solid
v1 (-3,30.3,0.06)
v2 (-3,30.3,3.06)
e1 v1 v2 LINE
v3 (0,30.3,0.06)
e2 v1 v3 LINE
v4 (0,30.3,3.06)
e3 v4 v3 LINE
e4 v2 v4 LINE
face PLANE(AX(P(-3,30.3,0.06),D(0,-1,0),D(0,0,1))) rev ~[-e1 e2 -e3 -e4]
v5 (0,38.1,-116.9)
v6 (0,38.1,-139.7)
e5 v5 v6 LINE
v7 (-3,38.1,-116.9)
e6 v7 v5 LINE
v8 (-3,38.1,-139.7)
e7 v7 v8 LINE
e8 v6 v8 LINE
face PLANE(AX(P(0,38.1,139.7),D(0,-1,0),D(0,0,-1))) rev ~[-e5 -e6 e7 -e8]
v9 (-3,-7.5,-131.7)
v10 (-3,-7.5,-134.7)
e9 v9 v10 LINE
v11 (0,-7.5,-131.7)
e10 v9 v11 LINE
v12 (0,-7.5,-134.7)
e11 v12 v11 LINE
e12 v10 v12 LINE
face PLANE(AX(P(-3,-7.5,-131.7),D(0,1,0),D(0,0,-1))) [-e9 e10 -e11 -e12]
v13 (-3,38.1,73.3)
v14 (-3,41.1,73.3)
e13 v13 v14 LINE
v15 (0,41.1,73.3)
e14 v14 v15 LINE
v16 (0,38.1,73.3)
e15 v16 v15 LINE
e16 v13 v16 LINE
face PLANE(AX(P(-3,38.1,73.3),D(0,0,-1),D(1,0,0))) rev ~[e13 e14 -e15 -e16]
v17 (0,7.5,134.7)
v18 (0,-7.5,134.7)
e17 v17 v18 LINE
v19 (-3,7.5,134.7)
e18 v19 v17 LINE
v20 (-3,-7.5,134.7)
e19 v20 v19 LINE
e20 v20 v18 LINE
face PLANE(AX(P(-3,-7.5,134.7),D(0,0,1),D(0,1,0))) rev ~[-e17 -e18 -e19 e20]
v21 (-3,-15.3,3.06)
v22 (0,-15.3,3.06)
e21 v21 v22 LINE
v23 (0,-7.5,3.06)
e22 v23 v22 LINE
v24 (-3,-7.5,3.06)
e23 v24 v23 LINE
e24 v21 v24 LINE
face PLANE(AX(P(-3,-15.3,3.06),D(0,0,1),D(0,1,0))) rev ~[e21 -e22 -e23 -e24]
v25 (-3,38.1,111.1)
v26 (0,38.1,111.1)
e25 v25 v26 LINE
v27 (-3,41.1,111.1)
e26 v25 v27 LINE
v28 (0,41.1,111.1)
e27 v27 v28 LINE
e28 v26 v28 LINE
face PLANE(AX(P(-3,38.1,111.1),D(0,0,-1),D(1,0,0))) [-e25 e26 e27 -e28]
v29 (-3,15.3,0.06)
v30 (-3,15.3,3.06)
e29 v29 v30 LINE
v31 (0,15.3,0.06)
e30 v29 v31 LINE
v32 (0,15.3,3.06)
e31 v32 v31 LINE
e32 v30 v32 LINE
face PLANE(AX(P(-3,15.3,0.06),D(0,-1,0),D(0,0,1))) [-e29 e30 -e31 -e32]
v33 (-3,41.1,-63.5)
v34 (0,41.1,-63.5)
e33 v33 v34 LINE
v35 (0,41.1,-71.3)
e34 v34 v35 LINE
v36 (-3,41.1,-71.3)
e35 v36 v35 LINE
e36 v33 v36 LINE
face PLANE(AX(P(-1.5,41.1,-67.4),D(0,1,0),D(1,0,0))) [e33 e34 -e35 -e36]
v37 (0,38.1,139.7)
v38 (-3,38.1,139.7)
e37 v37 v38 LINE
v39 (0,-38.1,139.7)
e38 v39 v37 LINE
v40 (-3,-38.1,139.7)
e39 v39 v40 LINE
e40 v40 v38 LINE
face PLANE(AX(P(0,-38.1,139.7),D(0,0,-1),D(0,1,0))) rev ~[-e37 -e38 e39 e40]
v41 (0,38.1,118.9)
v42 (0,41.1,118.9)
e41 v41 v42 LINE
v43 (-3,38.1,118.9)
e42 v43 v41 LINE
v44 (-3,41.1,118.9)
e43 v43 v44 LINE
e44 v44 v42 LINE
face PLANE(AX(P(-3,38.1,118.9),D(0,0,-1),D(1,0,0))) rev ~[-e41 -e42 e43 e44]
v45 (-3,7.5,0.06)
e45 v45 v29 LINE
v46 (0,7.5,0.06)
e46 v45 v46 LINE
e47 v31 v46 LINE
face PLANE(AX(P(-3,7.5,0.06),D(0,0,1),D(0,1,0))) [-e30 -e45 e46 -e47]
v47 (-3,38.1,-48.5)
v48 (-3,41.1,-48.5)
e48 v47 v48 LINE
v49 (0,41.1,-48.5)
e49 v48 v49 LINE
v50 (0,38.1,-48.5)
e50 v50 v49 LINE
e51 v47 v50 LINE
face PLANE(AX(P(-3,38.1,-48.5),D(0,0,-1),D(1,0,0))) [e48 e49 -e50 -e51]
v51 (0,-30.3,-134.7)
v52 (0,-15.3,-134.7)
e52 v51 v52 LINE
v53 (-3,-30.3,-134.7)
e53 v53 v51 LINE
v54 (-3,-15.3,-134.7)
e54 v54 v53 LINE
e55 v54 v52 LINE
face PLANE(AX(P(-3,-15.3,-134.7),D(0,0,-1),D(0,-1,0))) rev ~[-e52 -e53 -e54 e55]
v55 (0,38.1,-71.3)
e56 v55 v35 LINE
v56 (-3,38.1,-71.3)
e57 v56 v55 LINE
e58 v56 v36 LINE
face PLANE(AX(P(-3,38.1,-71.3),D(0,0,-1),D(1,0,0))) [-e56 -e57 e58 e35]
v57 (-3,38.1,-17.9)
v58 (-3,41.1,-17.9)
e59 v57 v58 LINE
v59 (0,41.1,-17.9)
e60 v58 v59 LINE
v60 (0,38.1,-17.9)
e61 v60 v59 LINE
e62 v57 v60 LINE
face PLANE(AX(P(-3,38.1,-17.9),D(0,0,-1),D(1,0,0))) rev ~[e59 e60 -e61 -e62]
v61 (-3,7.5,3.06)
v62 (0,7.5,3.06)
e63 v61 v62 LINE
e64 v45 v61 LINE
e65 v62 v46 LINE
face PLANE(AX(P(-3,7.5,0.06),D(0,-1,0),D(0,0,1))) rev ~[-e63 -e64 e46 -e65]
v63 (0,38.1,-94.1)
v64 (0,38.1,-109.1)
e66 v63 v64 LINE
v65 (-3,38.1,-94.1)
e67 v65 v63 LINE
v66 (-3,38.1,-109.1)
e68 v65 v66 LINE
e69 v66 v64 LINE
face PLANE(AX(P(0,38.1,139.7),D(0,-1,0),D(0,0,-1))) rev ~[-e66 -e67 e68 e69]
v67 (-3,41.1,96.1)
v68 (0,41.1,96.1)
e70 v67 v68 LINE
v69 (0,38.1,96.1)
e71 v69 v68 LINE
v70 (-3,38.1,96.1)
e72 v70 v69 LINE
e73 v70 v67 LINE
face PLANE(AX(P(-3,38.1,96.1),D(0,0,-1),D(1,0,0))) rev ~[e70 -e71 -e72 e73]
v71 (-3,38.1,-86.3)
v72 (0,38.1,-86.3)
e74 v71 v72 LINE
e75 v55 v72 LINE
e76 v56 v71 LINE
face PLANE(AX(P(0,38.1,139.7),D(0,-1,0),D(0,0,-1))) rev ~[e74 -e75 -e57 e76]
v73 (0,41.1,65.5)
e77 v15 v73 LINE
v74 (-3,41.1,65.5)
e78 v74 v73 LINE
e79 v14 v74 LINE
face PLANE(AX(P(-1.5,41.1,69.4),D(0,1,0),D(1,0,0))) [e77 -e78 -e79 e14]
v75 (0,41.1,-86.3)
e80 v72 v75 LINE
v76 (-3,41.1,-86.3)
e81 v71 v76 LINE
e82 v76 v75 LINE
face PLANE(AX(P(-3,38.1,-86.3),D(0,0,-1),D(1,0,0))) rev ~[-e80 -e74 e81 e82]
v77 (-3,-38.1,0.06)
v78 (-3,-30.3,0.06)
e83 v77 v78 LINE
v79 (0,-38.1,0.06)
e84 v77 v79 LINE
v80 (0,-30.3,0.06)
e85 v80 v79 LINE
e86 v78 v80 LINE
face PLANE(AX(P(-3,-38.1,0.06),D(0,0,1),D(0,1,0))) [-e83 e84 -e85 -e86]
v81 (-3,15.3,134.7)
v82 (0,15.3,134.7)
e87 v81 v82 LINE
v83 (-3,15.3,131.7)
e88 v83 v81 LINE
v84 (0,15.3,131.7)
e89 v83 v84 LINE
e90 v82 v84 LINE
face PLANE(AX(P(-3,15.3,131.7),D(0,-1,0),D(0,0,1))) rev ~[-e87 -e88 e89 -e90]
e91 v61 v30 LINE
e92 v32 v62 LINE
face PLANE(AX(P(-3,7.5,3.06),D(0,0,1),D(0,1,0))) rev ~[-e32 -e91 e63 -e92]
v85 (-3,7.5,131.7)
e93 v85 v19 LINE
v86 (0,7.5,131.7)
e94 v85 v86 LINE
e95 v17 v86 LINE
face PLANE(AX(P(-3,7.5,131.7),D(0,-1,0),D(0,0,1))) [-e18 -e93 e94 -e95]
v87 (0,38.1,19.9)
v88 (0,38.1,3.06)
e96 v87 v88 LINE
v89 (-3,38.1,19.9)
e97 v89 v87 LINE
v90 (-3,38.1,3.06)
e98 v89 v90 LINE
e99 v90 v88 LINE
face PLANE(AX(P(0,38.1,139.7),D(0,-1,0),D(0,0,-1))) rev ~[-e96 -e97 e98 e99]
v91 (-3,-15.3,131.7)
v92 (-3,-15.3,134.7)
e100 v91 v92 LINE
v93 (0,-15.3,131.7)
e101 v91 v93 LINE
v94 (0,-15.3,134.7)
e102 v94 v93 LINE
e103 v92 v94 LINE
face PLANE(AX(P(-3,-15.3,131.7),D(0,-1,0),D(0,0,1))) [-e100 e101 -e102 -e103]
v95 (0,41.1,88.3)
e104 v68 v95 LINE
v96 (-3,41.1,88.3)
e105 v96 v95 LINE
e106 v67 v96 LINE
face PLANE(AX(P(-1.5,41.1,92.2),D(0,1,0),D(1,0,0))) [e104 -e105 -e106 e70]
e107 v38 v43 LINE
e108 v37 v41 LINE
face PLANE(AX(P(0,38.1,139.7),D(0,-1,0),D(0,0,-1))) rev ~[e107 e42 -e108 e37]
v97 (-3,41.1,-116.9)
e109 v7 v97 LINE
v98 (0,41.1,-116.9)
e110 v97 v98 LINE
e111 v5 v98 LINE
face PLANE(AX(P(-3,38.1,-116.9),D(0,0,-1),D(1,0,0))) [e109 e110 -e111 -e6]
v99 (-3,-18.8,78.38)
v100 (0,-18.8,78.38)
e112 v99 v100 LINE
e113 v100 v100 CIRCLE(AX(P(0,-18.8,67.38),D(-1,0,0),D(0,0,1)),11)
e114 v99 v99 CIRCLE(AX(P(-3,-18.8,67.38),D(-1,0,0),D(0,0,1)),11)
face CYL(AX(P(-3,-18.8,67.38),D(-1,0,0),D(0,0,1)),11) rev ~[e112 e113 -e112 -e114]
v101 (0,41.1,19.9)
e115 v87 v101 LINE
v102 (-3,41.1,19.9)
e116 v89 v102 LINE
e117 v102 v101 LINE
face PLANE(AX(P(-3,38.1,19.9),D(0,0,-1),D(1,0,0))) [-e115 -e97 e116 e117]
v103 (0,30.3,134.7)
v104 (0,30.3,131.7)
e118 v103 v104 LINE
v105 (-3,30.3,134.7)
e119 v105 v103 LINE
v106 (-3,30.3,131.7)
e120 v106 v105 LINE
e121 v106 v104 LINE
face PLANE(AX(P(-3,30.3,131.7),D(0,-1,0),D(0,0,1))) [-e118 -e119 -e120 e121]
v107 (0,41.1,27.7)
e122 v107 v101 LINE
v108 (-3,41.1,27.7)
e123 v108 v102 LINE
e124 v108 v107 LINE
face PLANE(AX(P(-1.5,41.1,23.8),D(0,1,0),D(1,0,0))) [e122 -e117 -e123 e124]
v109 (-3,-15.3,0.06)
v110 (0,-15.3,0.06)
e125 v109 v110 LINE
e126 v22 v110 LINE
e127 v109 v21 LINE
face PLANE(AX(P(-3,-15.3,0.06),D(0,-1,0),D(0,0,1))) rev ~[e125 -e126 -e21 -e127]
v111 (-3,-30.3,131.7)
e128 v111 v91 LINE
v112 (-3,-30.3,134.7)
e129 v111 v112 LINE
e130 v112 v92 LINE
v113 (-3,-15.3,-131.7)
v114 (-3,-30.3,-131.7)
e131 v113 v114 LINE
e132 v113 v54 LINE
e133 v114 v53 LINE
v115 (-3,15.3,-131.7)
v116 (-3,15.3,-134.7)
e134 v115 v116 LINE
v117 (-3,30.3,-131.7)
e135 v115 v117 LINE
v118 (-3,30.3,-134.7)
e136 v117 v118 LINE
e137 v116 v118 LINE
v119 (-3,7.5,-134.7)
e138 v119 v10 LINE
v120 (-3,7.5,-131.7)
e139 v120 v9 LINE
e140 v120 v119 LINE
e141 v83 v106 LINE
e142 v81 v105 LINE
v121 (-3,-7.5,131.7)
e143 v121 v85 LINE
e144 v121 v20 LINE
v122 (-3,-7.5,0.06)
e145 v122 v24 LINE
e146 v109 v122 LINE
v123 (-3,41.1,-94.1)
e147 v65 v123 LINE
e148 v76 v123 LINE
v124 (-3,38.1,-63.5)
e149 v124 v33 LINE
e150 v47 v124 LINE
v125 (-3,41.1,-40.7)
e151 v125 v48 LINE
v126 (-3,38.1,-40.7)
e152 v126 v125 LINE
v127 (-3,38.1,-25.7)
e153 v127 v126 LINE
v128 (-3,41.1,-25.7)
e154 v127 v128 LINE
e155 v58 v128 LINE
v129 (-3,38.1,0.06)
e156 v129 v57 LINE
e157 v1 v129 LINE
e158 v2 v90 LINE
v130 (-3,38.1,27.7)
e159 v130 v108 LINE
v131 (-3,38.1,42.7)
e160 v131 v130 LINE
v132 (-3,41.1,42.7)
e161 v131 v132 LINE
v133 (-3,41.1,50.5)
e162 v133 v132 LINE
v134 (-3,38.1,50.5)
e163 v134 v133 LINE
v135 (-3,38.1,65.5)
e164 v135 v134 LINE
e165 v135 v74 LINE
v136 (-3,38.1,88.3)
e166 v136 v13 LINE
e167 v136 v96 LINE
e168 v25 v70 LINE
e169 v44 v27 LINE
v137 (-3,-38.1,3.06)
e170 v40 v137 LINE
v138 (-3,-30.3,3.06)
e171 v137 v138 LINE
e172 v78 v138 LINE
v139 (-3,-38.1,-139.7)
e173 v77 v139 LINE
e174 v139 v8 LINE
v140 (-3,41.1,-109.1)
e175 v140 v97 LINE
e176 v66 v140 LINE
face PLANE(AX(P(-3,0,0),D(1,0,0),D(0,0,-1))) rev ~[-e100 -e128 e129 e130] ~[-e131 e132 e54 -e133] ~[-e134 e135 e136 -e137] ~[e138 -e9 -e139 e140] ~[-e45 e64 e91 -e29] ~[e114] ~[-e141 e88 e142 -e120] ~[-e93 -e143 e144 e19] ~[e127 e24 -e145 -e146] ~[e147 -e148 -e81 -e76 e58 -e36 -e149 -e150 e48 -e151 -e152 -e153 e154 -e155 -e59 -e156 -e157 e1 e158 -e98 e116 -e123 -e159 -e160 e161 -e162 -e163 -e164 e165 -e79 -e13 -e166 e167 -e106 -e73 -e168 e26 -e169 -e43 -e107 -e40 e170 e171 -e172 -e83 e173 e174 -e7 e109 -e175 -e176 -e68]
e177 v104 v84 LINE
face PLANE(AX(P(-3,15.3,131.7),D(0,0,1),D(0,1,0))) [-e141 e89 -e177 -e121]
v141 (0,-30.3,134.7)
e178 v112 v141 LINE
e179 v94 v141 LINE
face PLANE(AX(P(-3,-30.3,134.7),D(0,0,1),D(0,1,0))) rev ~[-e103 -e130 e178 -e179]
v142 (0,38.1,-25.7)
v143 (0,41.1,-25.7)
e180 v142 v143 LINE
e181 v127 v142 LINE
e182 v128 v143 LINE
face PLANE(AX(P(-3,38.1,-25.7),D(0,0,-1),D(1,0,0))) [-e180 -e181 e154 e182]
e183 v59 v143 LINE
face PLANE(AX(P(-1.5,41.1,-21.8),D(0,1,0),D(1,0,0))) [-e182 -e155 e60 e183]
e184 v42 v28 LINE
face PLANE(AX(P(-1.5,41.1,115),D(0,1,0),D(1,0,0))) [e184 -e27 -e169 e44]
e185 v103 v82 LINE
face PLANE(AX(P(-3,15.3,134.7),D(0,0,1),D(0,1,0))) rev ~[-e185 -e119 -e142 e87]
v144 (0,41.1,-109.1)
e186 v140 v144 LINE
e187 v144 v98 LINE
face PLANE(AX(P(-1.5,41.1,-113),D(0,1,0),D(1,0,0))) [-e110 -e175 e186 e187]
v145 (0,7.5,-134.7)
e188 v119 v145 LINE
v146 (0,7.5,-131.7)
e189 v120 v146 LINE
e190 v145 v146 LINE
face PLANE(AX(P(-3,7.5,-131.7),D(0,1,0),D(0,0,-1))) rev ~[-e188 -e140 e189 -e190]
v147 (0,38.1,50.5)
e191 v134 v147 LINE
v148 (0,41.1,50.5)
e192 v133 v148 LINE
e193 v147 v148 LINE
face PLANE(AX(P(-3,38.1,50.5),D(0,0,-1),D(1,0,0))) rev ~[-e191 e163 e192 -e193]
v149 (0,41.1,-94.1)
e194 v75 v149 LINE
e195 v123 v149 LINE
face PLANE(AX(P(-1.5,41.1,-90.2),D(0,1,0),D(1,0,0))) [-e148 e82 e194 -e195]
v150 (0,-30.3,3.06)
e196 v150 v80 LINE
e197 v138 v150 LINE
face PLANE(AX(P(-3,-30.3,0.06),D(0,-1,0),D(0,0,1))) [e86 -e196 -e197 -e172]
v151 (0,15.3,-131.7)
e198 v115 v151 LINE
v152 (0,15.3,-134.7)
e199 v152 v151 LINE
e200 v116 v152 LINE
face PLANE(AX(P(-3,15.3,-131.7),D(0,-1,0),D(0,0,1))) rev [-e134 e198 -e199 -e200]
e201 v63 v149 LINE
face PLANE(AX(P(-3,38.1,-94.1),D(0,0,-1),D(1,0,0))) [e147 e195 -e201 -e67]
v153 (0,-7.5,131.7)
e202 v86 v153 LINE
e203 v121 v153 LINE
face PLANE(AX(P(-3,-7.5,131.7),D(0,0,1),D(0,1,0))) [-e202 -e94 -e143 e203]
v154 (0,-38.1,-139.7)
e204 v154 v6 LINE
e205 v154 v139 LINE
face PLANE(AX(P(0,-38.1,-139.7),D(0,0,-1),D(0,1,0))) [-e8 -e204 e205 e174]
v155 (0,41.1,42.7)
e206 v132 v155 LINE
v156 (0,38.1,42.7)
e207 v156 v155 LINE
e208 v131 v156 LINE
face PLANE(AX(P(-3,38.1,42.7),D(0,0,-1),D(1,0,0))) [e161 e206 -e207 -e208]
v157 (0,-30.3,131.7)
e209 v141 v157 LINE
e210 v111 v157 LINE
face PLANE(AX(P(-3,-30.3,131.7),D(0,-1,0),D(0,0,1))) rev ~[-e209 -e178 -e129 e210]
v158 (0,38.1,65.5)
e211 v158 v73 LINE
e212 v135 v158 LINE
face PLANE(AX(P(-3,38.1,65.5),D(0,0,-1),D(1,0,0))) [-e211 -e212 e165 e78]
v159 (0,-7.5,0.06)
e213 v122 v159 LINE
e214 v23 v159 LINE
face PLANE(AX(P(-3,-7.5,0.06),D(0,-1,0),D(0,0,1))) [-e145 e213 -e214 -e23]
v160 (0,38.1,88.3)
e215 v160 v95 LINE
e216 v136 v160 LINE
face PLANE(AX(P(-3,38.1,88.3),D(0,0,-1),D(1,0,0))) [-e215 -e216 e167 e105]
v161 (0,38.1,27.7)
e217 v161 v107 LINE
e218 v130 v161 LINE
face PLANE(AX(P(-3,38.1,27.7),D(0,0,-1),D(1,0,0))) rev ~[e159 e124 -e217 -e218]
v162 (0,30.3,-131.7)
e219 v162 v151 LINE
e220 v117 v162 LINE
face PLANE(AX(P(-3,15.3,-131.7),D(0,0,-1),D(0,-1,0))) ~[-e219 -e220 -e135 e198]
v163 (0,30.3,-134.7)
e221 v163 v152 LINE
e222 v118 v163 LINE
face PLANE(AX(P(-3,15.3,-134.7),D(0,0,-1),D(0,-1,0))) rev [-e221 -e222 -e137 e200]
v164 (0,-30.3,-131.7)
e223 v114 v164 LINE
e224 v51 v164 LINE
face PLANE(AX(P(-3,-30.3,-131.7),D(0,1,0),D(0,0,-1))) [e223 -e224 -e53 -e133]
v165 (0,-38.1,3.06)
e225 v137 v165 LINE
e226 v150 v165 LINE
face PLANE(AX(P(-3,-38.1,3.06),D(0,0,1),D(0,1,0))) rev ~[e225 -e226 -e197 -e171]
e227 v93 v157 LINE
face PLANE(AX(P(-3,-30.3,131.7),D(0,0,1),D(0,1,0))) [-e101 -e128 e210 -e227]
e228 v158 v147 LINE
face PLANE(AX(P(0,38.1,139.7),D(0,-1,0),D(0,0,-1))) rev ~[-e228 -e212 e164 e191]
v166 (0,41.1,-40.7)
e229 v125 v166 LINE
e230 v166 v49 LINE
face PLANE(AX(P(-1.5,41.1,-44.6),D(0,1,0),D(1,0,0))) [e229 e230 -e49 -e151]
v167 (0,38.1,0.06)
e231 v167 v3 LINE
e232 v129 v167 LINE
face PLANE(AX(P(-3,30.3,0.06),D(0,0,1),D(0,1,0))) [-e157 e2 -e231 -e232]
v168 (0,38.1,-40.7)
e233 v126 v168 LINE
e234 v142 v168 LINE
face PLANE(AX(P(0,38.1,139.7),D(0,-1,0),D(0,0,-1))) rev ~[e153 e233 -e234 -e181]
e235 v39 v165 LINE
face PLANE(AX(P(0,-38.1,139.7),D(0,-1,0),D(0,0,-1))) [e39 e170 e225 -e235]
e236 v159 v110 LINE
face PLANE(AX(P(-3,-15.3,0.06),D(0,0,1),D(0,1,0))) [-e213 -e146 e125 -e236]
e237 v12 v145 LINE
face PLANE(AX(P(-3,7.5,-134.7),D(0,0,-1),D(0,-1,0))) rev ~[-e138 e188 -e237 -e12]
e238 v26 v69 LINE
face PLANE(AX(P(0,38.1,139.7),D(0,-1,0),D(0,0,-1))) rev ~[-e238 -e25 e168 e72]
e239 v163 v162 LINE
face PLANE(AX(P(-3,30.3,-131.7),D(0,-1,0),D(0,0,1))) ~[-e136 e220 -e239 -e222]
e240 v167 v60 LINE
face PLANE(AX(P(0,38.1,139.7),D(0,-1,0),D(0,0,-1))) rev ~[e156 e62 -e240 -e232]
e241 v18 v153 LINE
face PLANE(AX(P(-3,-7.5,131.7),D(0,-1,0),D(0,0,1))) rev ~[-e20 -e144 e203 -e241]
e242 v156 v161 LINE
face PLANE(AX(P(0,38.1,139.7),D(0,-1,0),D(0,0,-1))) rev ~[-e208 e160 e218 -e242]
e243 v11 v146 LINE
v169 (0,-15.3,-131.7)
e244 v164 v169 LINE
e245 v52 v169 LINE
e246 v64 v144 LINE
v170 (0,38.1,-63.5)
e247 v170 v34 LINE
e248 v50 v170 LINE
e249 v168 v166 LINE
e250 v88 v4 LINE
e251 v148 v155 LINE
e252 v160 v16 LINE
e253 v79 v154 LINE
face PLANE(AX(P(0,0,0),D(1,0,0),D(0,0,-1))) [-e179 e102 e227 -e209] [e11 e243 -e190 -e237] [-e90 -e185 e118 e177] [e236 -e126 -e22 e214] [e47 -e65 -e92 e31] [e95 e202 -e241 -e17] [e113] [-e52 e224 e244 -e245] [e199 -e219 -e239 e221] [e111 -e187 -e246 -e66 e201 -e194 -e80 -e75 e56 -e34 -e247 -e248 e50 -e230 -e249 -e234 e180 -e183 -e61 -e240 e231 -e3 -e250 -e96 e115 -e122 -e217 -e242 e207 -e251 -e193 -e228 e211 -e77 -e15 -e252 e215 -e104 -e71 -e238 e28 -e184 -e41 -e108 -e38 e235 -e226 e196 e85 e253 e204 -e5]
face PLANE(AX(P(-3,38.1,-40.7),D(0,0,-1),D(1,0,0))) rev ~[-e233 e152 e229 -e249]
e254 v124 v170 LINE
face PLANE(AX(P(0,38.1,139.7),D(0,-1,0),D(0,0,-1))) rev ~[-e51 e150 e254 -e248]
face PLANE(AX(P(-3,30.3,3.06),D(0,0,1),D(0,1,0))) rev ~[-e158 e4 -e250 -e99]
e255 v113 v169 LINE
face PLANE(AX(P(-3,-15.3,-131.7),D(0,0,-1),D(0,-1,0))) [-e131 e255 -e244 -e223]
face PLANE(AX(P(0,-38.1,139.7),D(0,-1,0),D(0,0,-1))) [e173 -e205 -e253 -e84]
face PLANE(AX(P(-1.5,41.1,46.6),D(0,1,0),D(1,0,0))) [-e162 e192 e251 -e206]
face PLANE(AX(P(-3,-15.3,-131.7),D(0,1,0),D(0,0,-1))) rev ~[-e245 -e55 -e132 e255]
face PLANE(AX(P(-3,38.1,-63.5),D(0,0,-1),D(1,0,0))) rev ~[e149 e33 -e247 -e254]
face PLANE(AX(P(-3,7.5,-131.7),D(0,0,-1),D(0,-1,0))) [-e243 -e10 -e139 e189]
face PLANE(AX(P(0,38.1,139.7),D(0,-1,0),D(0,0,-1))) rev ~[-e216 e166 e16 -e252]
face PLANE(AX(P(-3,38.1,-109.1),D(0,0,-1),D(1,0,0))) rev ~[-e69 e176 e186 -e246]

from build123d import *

# Parameters (mm, degrees)
SKETCH1_W               = 279.4
SKETCH1_H               = 76.2
BOSS_EXTRUDE1_DEPTH     = 3
SKETCH3_W               = 3
SKETCH3_H               = 15
CUT_EXTRUDE1_DEPTH      = 145.833352512
LPATTERN1_COUNT         = 3
LPATTERN1_PITCH         = 22.8
MIRROR1_COPY_1_SKETCH_W = 3
MIRROR1_COPY_1_SKETCH_H = 15
MIRROR1_COPY_1_DEPTH    = 145.833352512
MIRROR1_COPY_2_SKETCH_W = 3
MIRROR1_COPY_2_SKETCH_H = 15
MIRROR1_COPY_2_DEPTH    = 145.833352512
SKETCH6_W               = 3
SKETCH6_H               = 7.8
CUT_EXTRUDE2_DEPTH      = 145.833352512
LPATTERN2_COUNT         = 4
LPATTERN2_PITCH         = 22.8
SKETCH8_W               = 3
SKETCH8_H               = 7.8
BOSS_EXTRUDE2_DEPTH     = 3
LPATTERN4_COUNT         = 11
LPATTERN4_PITCH         = 22.8
SKETCH9_R               = 11
CUT_EXTRUDE3_DEPTH      = 146.651295909


with BuildPart() as part:
    # Sketch1 → Boss-Extrude1 (new body)
    with BuildSketch(Plane(origin=(0, 0, 0), x_dir=(0, 0, -1), z_dir=(1, 0, 0))):
        Rectangle(SKETCH1_W, SKETCH1_H)
    extrude(amount=-BOSS_EXTRUDE1_DEPTH)

    # Sketch3 → Cut-Extrude1 (cut, through all)
    with BuildSketch(Plane.ZY.offset(3)):
        with Locations((133.2, 22.8)):
            Rectangle(SKETCH3_W, SKETCH3_H)
    cut_extrude1 = extrude(amount=-CUT_EXTRUDE1_DEPTH, mode=Mode.SUBTRACT)

    # LPattern1: Cut-Extrude1 ×3
    with Locations(*[(0, -i * LPATTERN1_PITCH, 0) for i in range(1, LPATTERN1_COUNT)]):
        add(cut_extrude1, mode=Mode.SUBTRACT)

    # Mirror1: Cut-Extrude1 across plane
    add(cut_extrude1.mirror(Plane.XY), mode=Mode.SUBTRACT)

    # Mirror1 copy 1 sketch → Mirror1 copy 1 (cut, through all)
    with BuildSketch(Plane(origin=(-3, -22.8, 0), x_dir=(0, 0, -1), z_dir=(-1, 0, 0))):
        with Locations((133.2, -22.8)):
            Rectangle(MIRROR1_COPY_1_SKETCH_W, MIRROR1_COPY_1_SKETCH_H)
    extrude(amount=-MIRROR1_COPY_1_DEPTH, mode=Mode.SUBTRACT)

    # Mirror1 copy 2 sketch → Mirror1 copy 2 (cut, through all)
    with BuildSketch(Plane(origin=(-3, -45.6, 0), x_dir=(0, 0, -1), z_dir=(-1, 0, 0))):
        with Locations((133.2, -22.8)):
            Rectangle(MIRROR1_COPY_2_SKETCH_W, MIRROR1_COPY_2_SKETCH_H)
    extrude(amount=-MIRROR1_COPY_2_DEPTH, mode=Mode.SUBTRACT)

    # Sketch6 → Cut-Extrude2 (cut, through all)
    with BuildSketch(Plane.ZY.offset(3)):
        with Locations((1.56, 34.2)):
            Rectangle(SKETCH6_W, SKETCH6_H)
    cut_extrude2 = extrude(amount=-CUT_EXTRUDE2_DEPTH, mode=Mode.SUBTRACT)

    # LPattern2: Cut-Extrude2 ×4
    with Locations(*[(0, -i * LPATTERN2_PITCH, 0) for i in range(1, LPATTERN2_COUNT)]):
        add(cut_extrude2, mode=Mode.SUBTRACT)

    # Sketch8 → Boss-Extrude2 (add)
    with BuildSketch(Plane(origin=(0, 38.1, 0), x_dir=(1, 0, 0), z_dir=(0, 1, 0))):
        with Locations((-1.5, 113)):
            Rectangle(SKETCH8_W, SKETCH8_H)
    boss_extrude2 = extrude(amount=BOSS_EXTRUDE2_DEPTH)

    # LPattern4: Boss-Extrude2 ×11, 1 skipped
    with Locations(*[(0, 0, i * LPATTERN4_PITCH) for i in range(1, LPATTERN4_COUNT) if i not in (5,)]):
        add(boss_extrude2)

    # Sketch9 → Cut-Extrude3 (cut, through all)
    with BuildSketch(Plane.ZY.offset(3)):
        with Locations((67.38, -18.8)):
            Circle(SKETCH9_R)
    extrude(amount=-CUT_EXTRUDE3_DEPTH, mode=Mode.SUBTRACT)


solid = part.part
